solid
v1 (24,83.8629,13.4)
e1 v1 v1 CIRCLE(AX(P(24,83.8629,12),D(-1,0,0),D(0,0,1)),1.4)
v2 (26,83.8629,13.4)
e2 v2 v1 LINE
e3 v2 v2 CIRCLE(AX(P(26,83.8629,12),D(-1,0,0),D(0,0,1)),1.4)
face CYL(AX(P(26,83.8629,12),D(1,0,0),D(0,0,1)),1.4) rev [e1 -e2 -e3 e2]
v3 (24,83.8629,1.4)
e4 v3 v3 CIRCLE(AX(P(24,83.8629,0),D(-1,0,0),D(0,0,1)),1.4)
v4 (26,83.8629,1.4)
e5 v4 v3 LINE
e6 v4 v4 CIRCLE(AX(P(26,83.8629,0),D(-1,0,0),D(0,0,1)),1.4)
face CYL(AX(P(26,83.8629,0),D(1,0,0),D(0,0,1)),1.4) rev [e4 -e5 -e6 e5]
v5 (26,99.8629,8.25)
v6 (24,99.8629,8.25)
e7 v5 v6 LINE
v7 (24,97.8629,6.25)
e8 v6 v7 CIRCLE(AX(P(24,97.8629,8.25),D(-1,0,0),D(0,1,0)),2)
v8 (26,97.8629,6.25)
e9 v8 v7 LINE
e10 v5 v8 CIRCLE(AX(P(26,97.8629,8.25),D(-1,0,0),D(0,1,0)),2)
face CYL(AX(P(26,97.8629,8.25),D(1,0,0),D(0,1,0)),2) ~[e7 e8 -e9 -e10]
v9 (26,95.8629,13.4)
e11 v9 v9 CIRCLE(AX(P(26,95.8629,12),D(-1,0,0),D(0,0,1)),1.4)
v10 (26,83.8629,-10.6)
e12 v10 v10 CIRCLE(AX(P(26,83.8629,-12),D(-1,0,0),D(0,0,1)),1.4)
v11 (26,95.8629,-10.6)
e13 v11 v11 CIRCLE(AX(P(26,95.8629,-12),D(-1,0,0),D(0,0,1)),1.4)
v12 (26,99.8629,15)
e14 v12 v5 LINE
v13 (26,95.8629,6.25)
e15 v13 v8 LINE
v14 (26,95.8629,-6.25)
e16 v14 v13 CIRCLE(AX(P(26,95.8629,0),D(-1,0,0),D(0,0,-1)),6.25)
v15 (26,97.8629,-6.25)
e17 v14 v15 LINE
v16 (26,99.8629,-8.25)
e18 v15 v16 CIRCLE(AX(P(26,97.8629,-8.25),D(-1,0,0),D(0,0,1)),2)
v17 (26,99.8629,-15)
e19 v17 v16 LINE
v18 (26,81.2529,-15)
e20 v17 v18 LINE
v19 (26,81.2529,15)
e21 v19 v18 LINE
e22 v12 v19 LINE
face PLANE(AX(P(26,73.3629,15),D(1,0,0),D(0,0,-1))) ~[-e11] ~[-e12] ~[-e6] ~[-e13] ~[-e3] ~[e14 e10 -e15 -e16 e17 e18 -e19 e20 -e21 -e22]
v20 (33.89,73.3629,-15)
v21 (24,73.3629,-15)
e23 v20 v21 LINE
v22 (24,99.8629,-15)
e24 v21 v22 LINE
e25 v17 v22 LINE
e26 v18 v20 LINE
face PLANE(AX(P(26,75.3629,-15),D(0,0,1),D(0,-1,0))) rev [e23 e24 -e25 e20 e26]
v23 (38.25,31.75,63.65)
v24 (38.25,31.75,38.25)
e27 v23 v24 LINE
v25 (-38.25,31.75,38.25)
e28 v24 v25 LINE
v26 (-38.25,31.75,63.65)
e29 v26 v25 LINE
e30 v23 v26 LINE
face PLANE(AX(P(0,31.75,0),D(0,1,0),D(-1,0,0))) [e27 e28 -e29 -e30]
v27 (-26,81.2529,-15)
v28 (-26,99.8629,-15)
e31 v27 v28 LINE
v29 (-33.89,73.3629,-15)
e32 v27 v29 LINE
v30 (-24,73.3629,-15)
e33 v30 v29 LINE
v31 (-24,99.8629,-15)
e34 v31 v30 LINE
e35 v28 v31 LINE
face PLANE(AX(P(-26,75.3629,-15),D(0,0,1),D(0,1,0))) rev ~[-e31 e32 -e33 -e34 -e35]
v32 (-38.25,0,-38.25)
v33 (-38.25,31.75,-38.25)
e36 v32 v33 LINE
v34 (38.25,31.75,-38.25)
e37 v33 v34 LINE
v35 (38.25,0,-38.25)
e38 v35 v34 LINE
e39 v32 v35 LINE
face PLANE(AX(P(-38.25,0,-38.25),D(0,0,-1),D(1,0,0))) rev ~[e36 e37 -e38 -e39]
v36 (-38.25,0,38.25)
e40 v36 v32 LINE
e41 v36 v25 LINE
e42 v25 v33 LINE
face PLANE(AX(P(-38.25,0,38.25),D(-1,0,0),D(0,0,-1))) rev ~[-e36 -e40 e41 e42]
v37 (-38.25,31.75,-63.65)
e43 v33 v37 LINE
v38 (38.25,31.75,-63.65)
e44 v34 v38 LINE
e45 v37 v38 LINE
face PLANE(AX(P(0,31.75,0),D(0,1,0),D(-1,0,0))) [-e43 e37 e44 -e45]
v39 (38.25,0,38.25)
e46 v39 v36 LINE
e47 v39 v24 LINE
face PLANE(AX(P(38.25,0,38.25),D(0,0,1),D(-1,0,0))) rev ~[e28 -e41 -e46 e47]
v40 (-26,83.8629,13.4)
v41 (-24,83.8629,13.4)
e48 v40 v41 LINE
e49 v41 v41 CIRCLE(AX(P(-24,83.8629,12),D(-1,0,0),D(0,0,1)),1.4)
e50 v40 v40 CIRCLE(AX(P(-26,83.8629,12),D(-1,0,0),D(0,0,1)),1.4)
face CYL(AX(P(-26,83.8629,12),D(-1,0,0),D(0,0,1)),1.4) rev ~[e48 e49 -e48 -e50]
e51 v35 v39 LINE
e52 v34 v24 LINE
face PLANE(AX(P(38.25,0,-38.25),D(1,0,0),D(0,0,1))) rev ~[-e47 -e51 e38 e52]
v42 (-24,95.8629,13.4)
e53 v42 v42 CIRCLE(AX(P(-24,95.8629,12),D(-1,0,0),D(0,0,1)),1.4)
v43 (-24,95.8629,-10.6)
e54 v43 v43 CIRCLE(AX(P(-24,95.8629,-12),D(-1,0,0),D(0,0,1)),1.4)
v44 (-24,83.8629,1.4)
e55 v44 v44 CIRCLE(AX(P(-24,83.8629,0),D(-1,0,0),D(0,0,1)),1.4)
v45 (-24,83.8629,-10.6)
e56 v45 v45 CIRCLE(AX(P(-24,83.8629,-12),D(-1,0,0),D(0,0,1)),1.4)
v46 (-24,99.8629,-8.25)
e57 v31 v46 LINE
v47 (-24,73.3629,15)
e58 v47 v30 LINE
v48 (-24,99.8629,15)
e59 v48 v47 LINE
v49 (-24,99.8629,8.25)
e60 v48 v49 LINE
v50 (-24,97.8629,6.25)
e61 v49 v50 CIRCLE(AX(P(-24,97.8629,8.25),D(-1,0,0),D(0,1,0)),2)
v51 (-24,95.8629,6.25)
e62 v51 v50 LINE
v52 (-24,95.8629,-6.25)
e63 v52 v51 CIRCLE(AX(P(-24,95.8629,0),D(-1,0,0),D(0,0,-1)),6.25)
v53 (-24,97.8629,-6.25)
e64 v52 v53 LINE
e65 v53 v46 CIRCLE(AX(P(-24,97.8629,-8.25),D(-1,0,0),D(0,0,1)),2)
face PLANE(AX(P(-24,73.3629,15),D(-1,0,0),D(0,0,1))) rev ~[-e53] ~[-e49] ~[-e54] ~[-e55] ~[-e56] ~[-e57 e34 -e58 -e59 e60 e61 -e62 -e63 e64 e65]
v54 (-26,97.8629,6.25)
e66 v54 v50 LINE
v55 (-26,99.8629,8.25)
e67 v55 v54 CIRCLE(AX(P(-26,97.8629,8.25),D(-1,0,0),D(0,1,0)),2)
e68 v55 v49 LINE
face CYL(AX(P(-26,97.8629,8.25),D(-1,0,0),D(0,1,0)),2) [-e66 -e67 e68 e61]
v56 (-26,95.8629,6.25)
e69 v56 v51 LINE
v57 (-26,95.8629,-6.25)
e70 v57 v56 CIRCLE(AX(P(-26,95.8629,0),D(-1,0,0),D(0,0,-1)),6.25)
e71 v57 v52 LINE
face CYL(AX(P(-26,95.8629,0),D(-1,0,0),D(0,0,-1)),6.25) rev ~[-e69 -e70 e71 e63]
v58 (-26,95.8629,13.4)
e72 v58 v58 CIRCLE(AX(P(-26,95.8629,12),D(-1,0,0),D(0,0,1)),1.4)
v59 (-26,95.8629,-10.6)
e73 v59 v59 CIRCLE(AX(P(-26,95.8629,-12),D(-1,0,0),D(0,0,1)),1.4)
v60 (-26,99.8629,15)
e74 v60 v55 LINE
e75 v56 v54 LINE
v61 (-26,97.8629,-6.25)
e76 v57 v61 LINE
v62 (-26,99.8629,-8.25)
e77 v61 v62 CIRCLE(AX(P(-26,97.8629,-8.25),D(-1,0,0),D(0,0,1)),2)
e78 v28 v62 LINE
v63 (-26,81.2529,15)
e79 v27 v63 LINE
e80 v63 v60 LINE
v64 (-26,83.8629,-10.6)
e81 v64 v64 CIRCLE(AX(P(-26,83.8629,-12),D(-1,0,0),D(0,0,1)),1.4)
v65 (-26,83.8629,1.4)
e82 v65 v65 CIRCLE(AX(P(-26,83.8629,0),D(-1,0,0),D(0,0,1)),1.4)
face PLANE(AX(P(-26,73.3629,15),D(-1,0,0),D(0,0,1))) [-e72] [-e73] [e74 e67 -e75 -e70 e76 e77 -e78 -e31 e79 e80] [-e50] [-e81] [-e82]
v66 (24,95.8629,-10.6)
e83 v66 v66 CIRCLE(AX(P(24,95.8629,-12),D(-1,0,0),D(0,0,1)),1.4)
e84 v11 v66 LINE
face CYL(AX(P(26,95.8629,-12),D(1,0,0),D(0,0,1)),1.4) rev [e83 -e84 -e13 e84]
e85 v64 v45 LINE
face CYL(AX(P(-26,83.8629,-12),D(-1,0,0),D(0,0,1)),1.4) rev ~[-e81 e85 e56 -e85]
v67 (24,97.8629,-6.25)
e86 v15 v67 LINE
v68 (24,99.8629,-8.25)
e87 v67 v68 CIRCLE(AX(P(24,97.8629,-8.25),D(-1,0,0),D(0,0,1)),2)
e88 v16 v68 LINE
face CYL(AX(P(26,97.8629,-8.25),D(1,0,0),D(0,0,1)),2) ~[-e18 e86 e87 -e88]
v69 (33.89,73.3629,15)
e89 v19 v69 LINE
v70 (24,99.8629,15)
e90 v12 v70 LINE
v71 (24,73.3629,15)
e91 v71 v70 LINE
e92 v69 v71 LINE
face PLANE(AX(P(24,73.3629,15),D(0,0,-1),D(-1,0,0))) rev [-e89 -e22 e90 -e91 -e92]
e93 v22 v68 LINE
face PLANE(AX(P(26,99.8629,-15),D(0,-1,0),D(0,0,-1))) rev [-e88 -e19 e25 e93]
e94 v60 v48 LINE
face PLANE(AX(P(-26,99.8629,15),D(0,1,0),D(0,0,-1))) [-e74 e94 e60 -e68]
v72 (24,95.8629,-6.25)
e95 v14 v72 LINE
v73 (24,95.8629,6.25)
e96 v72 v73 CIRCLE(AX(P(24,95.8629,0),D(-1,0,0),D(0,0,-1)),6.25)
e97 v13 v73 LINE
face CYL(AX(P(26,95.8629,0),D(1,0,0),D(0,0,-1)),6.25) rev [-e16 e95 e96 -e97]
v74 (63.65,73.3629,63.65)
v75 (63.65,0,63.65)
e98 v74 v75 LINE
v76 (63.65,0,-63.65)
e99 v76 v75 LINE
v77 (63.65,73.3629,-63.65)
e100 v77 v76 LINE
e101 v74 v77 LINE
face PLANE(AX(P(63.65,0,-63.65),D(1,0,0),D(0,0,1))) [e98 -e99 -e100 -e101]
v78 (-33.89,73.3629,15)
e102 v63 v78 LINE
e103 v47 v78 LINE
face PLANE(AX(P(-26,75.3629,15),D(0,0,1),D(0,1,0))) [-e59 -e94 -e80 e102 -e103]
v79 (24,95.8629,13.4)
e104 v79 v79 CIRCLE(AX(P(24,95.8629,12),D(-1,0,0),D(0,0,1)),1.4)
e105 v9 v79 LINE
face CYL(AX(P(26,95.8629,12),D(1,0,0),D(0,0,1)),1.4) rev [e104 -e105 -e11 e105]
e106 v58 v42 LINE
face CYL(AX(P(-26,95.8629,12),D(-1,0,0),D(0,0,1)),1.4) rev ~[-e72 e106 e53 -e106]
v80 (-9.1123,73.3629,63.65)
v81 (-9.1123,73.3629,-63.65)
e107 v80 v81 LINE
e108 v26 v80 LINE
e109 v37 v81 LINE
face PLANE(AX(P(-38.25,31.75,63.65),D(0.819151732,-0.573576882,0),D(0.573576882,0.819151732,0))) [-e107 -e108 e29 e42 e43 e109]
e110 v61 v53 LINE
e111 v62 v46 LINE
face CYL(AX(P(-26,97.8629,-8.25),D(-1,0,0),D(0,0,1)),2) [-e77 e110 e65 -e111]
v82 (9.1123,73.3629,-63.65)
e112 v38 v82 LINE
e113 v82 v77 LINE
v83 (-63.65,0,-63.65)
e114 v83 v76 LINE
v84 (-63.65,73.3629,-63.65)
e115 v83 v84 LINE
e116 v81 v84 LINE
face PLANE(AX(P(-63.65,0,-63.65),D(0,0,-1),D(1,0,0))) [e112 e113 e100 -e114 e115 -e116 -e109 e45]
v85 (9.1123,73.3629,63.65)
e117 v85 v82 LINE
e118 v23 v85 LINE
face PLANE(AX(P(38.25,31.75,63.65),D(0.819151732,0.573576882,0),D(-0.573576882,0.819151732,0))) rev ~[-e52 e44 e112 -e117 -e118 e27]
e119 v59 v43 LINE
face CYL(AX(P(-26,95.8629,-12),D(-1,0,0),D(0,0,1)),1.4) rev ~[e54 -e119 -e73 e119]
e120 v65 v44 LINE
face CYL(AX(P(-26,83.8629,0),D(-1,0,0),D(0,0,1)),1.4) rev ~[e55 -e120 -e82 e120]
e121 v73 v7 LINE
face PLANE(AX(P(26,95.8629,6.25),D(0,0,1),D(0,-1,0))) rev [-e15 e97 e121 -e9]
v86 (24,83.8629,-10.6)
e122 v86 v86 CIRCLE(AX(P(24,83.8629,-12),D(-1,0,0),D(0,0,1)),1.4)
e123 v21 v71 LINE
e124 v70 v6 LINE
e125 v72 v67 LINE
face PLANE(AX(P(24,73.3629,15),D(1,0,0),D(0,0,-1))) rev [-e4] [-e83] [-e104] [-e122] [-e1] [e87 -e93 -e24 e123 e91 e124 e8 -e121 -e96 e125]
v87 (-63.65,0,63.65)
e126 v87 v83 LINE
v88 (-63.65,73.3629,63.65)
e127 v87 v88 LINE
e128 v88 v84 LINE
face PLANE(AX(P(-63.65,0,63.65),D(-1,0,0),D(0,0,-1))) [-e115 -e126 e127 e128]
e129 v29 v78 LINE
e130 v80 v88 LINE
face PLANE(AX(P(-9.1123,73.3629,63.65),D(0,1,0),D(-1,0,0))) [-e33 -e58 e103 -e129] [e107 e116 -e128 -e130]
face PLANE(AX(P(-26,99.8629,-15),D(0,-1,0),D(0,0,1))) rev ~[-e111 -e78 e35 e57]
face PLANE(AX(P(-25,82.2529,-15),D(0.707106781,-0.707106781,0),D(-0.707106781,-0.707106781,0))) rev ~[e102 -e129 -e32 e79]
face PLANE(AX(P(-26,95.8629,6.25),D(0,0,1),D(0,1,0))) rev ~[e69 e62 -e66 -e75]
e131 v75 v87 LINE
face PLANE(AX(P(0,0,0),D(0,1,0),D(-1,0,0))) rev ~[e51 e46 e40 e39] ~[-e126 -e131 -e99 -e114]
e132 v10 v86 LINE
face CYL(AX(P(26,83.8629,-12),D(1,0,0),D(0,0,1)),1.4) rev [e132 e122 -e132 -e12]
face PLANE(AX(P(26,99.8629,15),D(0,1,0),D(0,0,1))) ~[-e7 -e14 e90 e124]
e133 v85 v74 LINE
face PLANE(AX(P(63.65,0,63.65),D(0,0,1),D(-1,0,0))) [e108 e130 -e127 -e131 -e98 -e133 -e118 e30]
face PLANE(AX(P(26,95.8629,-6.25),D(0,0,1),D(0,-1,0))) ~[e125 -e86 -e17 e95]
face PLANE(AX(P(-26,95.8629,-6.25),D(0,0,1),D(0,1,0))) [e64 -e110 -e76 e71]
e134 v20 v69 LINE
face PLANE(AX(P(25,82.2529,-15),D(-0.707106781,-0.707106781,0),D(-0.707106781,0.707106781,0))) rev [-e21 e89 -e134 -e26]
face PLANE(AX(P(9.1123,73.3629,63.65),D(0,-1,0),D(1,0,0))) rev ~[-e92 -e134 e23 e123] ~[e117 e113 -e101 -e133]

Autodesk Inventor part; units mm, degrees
ref_plane "XZ Plane" through (0, 0, 0) normal (0, 1, 0) x (-1, 0, 0)
ref_plane "XY Plane" through (0, 0, 0) normal (0, 0, 1) x (1, 0, 0)
sketch "Sketch1" plane through (0, 0, 0) normal (0, 1, 0) x (-1, 0, 0)
  line L0 (-38.25, 38.25) -> (38.25, 38.25)
  line L1 (38.25, 38.25) -> (38.25, -38.25)
  line L2 (38.25, -38.25) -> (-38.25, -38.25)
  line L3 (-38.25, -38.25) -> (-38.25, 38.25)
  line L4 (63.65, -63.65) -> (-63.65, -63.65)
  line L5 (-63.65, -63.65) -> (-63.65, 63.65)
  line L6 (-63.65, 63.65) -> (63.65, 63.65)
  line L7 (63.65, 63.65) -> (63.65, -63.65)
  point P0 (0, 0)
  point P1 (38.25, 0)
  point P2 (0, -38.25)
  point P3 (63.65, 0)
  point P4 (0, -63.65)
  dimension "d0" = 76.5
  dimension "d1" = 76.5
  dimension "d2" = 25.4
  dimension "d3" = 25.4
extrude "Extrusion1" add sketch "Sketch1" along normal blind 31.75
sketch "Sketch2" plane through (-63.65, 0, 63.65) normal (0, 0, 1) x (1, 0, 0)
  line L0 (127.3, 0) -> (127.3, 31.75) construction
  line L1 (0, 31.75) -> (127.3, 31.75) construction
  line L2 (101.9, 0) -> (101.9, 31.75) construction
  line L3 (101.9, 31.75) -> (72.7623, 73.3629)
  line L4 (101.9, 31.75) -> (152.7, 31.75) construction
  line L5 (63.65, 0) -> (63.65, 31.75)
  line L6 (72.7623, 73.3629) -> (127.3, 73.3629)
  line L7 (127.3, 73.3629) -> (127.3, 31.75)
  line L8 (25.4, 31.75) -> (54.5377, 73.3629)
  line L9 (25.4, 31.75) -> (-25.4, 31.75) construction
  line L10 (54.5377, 73.3629) -> (0, 73.3629)
  line L11 (0, 73.3629) -> (0, 31.75)
  line L12 (0, 31.75) -> (127.3, 31.75)
  dimension "d6" = 125
  dimension "d7" = 50.8
extrude "Extrusion2" add sketch "Sketch2" against normal up to surface (127.3 mm away)
sketch "Sketch3" plane through (9.1123, 73.3629, 63.65) normal (0, 1, 0) x (1, 0, 0)
  line L0 (-33.1123, 48.65) -> (-33.1123, 78.65)
  line L1 (-33.1123, 78.65) -> (-35.1123, 78.65)
  line L2 (-35.1123, 78.65) -> (-35.1123, 48.65)
  line L3 (-35.1123, 48.65) -> (-33.1123, 48.65)
  line L4 (16.8877, 48.65) -> (16.8877, 78.65)
  line L5 (16.8877, 78.65) -> (14.8877, 78.65)
  line L6 (14.8877, 78.65) -> (14.8877, 48.65)
  line L7 (14.8877, 48.65) -> (16.8877, 48.65)
  line L8 (-18.2246, 0) -> (-18.2246, 127.3) construction
  line L9 (-33.1123, 63.65) -> (14.8877, 63.65) construction
  point P0 (-9.1123, 63.65)
  point P1 (-18.2246, 63.65)
  point P2 (-9.1123, 63.65)
  dimension "d10" = 30
  dimension "d11" = 2
  dimension "d12" = 30
  dimension "d13" = 2
  dimension "d14" = 48
extrude "Extrusion3" add sketch "Sketch3" along normal blind 2
sketch "Sketch4" plane through (-26, 73.3629, 15) normal (-1, 0, 0) x (0, 0, 1)
  line L0 (0, 0) -> (-30, 0) construction
  line L1 (-30, 2) -> (0, 2) construction
  line L2 (0, 2) -> (-30, 2) construction
  line L3 (0, 2) -> (0, 26.5)
  line L4 (-30, 0) -> (0, 0) construction
  line L5 (0, 0) -> (-30, 0)
  line L6 (-30, 0) -> (-30, 2)
  line L7 (0, 0) -> (0, 2)
  line L8 (-30, 2) -> (0, 2)
  line L9 (-30, 2) -> (-30, 26.5)
  arc A0 (-21.25, 22.5) -> (-8.75, 22.5) centre (-15, 22.5) ccw
  line L10 (-21.25, 22.5) -> (-21.25, 24.5)
  line L11 (-8.75, 22.5) -> (-8.75, 24.5)
  line L12 (-30, 26.5) -> (-23.25, 26.5)
  line L13 (0, 26.5) -> (-6.75, 26.5)
  arc A1 (-21.25, 24.5) -> (-23.25, 26.5) centre (-23.25, 24.5) ccw
  arc A2 (-6.75, 26.5) -> (-8.75, 24.5) centre (-6.75, 24.5) ccw
  circle A3 centre (-3, 22.5) radius 1.4
  circle A4 centre (-3, 10.5) radius 1.4
  circle A5 centre (-15, 10.5) radius 1.4
  circle A6 centre (-27, 10.5) radius 1.4
  circle A7 centre (-27, 22.5) radius 1.4
  line L14 (-27, 10.5) -> (-15, 10.5) construction
  line L15 (-15, 10.5) -> (-3, 10.5) construction
  point P0 (-15, -73.3629)
  point P1 (-15, 2)
  point P2 (-15, 16.25)
  dimension "d17" = 26.5
  dimension "d18" = 12.5
  dimension "d19" = 22.5
  dimension "d20" = 2
  dimension "d21" = 2.8
  dimension "d22" = 12
  dimension "d23" = 24
extrude "Extrusion4" add sketch "Sketch4" against normal blind 2 contours L8 L9 L12 A1 L10 A0 L11 A2 L13 L3
sketch "Sketch5" plane through (-24, 73.3629, -15) normal (0, 0, -1) x (-1, 0, 0)
  line L0 (2, 0) -> (0, 0) construction
  line L1 (1, 8.89) -> (9.89, 0)
  line L2 (-14.8877, 0) -> (39.65, 0) construction
  line L3 (1, 8.89) -> (13.5724, 8.89) construction
  line L4 (1, 8.89) -> (-7.89, 0)
  line L5 (1, 8.89) -> (13.5724, 8.89) construction
  line L6 (1, 8.89) -> (1, 0)
  line L7 (1, 0) -> (9.89, 0)
  point P0 (-24, -73.3629)
  dimension "d26" = 45
  dimension "d27" = 135
  dimension "d28" = 8.89
extrude "Extrusion5" add sketch "Sketch5" against normal up to surface (30 mm away)
mirror "Mirror1" about plane through (0, 0, 0) normal (1, 0, 0) of "Extrusion4", "Extrusion5"
properties part number "ADAPTER4BB"
